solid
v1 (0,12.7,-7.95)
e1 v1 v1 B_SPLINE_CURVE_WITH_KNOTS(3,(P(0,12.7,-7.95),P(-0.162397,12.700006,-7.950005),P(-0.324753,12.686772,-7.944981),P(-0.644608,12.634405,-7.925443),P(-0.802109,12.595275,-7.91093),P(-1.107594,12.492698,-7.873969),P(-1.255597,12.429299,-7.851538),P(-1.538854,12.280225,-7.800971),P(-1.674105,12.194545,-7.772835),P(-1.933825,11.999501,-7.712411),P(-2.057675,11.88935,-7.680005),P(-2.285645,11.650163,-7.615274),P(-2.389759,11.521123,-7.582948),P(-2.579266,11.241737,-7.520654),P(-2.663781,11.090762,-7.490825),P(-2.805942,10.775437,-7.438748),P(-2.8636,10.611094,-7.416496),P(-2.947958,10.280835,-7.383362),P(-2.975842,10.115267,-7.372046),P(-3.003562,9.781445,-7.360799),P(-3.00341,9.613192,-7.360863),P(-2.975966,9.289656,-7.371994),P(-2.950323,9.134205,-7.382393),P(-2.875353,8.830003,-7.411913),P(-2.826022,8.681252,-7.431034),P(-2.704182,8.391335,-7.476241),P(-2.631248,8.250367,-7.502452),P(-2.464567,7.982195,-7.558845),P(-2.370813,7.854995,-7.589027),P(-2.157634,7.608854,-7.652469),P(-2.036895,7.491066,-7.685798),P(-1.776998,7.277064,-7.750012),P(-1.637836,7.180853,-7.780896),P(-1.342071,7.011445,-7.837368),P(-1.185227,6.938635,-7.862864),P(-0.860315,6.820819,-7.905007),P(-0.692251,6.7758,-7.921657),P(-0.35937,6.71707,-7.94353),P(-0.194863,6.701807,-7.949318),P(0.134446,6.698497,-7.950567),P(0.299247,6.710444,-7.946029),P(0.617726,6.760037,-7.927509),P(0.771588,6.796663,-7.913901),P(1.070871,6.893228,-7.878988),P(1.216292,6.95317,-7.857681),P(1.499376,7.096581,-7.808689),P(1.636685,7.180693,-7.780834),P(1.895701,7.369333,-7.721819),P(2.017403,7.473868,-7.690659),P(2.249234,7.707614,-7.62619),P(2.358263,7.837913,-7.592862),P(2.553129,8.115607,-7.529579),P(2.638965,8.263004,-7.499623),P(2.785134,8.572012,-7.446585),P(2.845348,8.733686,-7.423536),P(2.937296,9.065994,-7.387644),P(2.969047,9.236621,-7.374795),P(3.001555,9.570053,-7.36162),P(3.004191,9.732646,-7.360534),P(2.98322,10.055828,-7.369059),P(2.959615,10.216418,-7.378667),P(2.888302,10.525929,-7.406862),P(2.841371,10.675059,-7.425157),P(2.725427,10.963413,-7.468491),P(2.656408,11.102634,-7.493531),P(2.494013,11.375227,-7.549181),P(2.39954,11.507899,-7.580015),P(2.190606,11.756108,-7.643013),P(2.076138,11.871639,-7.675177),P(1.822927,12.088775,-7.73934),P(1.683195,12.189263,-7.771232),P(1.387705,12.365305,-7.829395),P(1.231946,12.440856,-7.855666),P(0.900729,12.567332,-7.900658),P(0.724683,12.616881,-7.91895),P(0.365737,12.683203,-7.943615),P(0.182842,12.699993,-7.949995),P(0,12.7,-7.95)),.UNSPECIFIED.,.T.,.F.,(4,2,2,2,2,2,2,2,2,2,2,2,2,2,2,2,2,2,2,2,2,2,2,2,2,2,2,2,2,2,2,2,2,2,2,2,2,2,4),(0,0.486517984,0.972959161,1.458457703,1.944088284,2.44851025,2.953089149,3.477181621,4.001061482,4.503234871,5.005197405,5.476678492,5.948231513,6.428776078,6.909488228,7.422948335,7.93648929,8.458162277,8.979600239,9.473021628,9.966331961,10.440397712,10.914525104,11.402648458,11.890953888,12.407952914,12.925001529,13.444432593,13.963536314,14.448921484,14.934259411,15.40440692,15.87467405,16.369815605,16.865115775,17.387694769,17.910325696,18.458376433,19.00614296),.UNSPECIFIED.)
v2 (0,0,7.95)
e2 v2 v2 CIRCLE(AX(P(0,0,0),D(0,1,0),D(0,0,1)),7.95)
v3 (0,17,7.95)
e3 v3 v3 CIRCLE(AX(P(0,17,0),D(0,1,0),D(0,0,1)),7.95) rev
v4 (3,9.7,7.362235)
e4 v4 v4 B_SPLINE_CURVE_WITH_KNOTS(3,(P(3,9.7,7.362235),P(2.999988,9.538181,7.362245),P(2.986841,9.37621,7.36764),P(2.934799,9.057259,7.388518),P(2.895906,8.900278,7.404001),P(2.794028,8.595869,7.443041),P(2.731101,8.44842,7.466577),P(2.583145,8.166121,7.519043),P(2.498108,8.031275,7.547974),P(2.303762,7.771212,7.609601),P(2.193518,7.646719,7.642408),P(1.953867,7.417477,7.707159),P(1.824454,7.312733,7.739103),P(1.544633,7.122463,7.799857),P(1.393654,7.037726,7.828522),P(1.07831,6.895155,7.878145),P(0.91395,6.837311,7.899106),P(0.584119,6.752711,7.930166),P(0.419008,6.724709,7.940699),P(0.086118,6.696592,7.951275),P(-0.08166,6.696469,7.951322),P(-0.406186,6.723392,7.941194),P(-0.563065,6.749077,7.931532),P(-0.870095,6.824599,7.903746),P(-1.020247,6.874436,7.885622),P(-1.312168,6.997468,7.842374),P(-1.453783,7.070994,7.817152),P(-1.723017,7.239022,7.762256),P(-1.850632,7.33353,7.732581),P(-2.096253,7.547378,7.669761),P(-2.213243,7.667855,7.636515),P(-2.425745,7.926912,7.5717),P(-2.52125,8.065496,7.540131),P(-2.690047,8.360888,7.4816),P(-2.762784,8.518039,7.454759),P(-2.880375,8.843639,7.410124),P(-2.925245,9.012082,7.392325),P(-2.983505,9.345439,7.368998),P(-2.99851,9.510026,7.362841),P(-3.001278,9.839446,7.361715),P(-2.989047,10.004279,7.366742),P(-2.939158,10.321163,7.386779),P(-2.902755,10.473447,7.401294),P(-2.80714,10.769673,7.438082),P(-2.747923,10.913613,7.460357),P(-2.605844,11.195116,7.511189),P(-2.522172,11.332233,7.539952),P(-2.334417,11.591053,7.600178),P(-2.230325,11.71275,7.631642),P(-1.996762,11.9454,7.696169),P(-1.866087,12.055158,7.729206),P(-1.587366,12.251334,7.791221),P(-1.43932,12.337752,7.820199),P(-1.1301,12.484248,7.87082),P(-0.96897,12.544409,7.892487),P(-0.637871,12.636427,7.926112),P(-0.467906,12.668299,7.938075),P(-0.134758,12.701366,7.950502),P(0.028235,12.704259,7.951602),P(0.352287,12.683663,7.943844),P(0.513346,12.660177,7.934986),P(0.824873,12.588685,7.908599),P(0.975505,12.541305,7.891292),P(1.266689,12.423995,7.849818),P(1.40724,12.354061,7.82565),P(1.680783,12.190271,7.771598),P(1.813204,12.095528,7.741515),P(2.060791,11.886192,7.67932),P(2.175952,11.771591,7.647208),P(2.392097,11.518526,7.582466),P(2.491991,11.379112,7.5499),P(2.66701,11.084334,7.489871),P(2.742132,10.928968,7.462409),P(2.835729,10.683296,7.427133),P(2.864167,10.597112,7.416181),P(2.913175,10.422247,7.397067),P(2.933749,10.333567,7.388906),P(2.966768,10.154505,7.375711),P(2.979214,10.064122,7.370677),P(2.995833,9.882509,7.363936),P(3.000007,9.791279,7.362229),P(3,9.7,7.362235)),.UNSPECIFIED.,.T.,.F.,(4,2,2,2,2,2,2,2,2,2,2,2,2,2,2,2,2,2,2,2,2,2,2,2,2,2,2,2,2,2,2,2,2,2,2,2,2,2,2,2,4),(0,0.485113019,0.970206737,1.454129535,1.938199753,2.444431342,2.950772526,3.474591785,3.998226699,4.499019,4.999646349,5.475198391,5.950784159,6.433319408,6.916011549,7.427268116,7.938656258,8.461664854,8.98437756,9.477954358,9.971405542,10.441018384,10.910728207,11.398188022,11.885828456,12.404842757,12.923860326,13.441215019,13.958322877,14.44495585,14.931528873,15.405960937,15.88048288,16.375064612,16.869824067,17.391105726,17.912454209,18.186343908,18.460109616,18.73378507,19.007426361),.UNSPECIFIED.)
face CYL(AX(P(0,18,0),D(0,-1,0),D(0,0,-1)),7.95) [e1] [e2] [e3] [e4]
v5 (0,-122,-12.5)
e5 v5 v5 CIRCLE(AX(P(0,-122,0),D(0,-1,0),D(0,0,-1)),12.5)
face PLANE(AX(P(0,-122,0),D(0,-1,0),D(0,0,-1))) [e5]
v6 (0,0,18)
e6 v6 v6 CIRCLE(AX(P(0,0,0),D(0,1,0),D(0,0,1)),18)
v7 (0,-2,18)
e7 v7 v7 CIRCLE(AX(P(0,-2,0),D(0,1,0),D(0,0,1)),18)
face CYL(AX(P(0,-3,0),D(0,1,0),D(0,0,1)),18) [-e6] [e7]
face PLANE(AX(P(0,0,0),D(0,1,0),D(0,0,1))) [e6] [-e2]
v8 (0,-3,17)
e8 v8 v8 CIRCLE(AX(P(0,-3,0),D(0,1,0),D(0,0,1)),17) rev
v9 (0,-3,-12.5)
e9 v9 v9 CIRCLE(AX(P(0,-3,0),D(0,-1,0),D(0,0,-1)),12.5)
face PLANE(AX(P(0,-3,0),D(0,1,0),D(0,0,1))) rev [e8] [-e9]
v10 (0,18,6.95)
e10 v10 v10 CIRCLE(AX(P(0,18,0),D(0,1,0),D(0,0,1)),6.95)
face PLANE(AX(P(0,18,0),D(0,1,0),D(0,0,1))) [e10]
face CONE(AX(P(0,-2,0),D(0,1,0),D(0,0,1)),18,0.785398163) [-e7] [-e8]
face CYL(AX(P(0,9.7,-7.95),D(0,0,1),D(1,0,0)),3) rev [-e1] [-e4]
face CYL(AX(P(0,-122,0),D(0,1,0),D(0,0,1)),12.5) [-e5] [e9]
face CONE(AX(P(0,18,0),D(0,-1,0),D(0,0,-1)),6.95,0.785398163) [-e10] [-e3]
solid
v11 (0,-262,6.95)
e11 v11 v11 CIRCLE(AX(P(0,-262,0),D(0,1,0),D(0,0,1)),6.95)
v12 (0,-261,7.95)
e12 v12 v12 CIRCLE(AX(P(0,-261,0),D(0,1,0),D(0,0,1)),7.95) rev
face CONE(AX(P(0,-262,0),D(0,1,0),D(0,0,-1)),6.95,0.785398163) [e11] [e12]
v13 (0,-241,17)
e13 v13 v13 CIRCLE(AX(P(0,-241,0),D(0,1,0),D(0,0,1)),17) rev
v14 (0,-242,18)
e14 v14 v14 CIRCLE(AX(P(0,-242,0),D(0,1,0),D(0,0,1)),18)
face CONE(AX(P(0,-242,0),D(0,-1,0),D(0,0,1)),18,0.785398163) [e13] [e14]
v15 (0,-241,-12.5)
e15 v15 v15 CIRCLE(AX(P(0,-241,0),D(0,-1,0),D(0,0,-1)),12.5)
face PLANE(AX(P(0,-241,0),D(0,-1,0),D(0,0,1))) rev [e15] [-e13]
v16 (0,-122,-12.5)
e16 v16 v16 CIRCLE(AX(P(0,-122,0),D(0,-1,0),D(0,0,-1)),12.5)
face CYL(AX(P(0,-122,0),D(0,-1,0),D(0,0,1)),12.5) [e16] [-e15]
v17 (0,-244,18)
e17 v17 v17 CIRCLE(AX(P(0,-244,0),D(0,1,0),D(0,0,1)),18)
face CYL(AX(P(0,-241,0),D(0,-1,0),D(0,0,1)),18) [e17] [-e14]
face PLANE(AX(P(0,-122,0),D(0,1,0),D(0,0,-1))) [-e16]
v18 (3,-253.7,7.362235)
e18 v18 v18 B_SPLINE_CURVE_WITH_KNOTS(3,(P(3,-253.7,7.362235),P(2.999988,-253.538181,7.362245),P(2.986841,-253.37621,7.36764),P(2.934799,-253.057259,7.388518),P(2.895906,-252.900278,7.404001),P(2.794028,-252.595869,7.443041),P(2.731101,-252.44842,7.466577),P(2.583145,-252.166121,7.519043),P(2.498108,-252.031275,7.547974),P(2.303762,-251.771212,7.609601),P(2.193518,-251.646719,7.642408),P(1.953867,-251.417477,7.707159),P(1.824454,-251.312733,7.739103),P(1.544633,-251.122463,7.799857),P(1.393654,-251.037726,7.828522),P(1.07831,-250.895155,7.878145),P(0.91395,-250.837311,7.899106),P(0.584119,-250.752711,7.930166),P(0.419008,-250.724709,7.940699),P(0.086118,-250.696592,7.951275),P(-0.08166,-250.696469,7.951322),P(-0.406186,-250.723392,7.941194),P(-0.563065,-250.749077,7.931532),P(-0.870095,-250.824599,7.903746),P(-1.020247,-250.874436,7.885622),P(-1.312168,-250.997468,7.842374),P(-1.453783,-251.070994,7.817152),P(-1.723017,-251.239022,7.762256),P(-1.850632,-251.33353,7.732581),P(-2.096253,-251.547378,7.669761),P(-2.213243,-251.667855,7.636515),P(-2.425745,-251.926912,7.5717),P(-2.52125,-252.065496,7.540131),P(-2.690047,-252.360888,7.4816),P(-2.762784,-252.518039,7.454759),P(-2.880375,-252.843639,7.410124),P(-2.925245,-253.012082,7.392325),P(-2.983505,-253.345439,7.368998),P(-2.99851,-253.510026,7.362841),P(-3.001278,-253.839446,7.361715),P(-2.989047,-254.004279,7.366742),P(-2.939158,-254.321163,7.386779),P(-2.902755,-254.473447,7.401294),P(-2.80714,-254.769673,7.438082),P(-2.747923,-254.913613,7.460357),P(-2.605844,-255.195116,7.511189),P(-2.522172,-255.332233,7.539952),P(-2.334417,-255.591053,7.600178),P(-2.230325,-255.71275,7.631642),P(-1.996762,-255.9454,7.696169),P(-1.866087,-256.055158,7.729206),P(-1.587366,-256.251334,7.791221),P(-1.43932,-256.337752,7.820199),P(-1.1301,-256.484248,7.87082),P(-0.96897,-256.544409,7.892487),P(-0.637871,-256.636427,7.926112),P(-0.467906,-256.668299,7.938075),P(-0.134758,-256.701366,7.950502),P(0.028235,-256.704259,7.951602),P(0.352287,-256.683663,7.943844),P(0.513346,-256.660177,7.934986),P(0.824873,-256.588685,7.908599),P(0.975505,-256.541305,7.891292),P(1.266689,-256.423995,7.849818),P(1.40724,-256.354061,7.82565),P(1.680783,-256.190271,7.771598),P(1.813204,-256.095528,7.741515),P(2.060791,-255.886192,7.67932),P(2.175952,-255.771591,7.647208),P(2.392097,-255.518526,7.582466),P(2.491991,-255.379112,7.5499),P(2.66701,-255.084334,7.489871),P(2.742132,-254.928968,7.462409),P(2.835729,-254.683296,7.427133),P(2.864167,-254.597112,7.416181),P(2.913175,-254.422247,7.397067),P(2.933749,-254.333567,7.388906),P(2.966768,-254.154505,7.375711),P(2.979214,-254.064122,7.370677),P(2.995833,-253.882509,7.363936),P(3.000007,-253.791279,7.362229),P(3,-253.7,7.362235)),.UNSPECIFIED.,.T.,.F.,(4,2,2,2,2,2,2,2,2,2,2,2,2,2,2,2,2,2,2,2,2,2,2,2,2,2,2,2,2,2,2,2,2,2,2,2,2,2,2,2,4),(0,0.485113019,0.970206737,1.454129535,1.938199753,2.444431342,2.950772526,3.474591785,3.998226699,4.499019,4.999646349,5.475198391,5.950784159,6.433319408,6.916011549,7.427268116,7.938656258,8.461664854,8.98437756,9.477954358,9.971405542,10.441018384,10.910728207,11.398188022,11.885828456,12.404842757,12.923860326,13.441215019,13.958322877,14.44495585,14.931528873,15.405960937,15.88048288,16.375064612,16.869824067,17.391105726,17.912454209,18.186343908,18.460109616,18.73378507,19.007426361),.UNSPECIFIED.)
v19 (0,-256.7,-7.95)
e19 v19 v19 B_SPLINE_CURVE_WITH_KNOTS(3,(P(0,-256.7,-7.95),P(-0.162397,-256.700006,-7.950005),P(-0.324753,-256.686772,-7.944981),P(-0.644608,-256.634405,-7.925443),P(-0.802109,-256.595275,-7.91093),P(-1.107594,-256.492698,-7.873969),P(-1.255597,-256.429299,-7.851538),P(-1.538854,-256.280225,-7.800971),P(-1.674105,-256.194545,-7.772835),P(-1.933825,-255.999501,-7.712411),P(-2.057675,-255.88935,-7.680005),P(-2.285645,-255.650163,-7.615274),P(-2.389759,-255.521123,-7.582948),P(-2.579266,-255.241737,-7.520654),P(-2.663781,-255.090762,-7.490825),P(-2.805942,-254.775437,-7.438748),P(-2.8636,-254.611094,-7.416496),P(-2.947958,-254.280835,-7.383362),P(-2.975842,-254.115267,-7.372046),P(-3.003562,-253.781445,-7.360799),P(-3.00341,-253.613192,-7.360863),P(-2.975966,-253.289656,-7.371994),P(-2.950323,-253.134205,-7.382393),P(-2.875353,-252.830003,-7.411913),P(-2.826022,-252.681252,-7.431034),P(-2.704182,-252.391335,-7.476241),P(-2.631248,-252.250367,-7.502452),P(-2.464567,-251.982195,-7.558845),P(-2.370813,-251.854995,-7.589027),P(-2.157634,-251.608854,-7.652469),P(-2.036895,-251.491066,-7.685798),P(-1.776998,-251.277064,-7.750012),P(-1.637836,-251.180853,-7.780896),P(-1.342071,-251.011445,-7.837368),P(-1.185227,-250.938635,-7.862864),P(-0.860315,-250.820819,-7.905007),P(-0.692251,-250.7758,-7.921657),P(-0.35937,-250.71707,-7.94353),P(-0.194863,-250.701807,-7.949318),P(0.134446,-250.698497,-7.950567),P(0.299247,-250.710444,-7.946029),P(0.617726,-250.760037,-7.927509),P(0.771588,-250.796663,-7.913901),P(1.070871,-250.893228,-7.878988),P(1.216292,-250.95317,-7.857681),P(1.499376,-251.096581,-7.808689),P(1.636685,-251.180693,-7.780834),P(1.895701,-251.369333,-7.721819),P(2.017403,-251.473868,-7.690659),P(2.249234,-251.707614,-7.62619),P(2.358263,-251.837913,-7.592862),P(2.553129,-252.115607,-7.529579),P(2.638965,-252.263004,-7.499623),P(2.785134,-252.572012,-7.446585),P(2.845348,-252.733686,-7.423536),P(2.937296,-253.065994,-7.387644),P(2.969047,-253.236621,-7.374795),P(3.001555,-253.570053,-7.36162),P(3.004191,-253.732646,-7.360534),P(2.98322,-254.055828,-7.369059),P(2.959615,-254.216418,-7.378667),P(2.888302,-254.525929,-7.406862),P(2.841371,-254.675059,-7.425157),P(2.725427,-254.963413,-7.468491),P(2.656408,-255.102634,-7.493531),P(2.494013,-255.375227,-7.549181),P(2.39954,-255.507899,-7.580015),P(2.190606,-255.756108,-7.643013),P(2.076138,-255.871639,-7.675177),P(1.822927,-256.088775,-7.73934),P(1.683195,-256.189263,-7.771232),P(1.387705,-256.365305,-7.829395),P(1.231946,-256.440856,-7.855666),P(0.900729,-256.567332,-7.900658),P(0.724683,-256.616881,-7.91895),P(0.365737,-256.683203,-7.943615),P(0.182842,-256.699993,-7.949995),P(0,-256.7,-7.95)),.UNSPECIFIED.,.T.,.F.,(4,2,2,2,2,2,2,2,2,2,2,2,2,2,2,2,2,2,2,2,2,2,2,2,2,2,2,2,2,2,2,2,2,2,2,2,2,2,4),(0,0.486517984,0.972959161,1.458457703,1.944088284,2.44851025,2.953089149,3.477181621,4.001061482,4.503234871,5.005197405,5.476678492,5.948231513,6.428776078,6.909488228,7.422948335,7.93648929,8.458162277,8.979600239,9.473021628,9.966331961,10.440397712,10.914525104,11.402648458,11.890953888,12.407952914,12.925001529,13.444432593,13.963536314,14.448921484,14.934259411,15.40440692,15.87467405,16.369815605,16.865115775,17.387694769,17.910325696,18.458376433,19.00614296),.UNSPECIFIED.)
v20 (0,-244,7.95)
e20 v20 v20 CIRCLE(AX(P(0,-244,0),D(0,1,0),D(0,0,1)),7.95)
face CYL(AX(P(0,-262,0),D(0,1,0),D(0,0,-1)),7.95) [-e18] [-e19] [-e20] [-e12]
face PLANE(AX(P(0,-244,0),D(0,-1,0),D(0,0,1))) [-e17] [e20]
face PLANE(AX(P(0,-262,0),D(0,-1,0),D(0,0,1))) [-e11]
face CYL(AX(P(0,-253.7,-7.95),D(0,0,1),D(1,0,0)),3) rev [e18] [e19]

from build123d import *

# Parameters (mm, degrees)
SKETCH_1_R               = 7.95
EXTRUDE_1_DEPTH          = 18
CHAMFER_2_SIZE           = 1
CUT_EXTRUDE_2_DEPTH      = 22.22274723
CUT_EXTRUDE_2_DEPTH_BACK = 22.22274723
SKETCH_9_R               = 3
SKETCH_4_R               = 18
EXTRUDE_2_DEPTH          = 3
CHAMFER_1_SIZE           = 1
SKETCH_5_R               = 12.5
EXTRUDE_3_DEPTH          = 119


with BuildPart() as part:
    # 草图1 → 凸台-拉伸1 (new body)
    with BuildSketch(Plane(origin=(0, 0, 0), x_dir=(1, 0, 0), z_dir=(0, 1, 0))):
        with Locations(Location((0, 0, 0), (0, 0, 270))):
            Circle(SKETCH_1_R)
    extrude(amount=EXTRUDE_1_DEPTH)

    # 倒角2
    chamfer_2_edges = [part.edges().sort_by_distance(p)[0] for p in [
        (0, 18, -7.95),
    ]]
    chamfer(chamfer_2_edges, length=CHAMFER_2_SIZE)

    # 草图9 → 切除-拉伸2 (cut, two sides: drawn at the far end of the back side and taken through both)
    with BuildSketch(Plane.XY.offset(-CUT_EXTRUDE_2_DEPTH_BACK)):
        with Locations(Location((0, 9.7, 0), (0, 0, 89.999999999))):
            Circle(SKETCH_9_R)
    extrude(amount=CUT_EXTRUDE_2_DEPTH + CUT_EXTRUDE_2_DEPTH_BACK, mode=Mode.SUBTRACT)

    # 草图4 → 凸台-拉伸2 (add)
    with BuildSketch(Plane(origin=(0, 0, 0), x_dir=(1, 0, 0), z_dir=(0, 1, 0))):
        with Locations(Location((0, 0, 0), (0, 0, 270))):
            Circle(SKETCH_4_R)
    extrude(amount=-EXTRUDE_2_DEPTH)

    # 倒角1
    chamfer_1_edges = [part.edges().sort_by_distance(p)[0] for p in [
        (0, -3, -18),
    ]]
    chamfer(chamfer_1_edges, length=CHAMFER_1_SIZE)

    # 草图5 → 凸台-拉伸3 (add)
    with BuildSketch(Plane(origin=(0, -3, 0), x_dir=(-1, 0, 0), z_dir=(0, -1, 0))):
        with Locations(Location((0, 0, 0), (0, 0, 90))):
            Circle(SKETCH_5_R)
    extrude(amount=EXTRUDE_3_DEPTH)


with BuildPart() as body_2:
    # 镜向3: mirrored copy
    add(part.part.mirror(Plane(origin=(0, -122, 0), x_dir=(0, 0, 1), z_dir=(0, -1, 0))))


solid = Compound([part.part, body_2.part])
